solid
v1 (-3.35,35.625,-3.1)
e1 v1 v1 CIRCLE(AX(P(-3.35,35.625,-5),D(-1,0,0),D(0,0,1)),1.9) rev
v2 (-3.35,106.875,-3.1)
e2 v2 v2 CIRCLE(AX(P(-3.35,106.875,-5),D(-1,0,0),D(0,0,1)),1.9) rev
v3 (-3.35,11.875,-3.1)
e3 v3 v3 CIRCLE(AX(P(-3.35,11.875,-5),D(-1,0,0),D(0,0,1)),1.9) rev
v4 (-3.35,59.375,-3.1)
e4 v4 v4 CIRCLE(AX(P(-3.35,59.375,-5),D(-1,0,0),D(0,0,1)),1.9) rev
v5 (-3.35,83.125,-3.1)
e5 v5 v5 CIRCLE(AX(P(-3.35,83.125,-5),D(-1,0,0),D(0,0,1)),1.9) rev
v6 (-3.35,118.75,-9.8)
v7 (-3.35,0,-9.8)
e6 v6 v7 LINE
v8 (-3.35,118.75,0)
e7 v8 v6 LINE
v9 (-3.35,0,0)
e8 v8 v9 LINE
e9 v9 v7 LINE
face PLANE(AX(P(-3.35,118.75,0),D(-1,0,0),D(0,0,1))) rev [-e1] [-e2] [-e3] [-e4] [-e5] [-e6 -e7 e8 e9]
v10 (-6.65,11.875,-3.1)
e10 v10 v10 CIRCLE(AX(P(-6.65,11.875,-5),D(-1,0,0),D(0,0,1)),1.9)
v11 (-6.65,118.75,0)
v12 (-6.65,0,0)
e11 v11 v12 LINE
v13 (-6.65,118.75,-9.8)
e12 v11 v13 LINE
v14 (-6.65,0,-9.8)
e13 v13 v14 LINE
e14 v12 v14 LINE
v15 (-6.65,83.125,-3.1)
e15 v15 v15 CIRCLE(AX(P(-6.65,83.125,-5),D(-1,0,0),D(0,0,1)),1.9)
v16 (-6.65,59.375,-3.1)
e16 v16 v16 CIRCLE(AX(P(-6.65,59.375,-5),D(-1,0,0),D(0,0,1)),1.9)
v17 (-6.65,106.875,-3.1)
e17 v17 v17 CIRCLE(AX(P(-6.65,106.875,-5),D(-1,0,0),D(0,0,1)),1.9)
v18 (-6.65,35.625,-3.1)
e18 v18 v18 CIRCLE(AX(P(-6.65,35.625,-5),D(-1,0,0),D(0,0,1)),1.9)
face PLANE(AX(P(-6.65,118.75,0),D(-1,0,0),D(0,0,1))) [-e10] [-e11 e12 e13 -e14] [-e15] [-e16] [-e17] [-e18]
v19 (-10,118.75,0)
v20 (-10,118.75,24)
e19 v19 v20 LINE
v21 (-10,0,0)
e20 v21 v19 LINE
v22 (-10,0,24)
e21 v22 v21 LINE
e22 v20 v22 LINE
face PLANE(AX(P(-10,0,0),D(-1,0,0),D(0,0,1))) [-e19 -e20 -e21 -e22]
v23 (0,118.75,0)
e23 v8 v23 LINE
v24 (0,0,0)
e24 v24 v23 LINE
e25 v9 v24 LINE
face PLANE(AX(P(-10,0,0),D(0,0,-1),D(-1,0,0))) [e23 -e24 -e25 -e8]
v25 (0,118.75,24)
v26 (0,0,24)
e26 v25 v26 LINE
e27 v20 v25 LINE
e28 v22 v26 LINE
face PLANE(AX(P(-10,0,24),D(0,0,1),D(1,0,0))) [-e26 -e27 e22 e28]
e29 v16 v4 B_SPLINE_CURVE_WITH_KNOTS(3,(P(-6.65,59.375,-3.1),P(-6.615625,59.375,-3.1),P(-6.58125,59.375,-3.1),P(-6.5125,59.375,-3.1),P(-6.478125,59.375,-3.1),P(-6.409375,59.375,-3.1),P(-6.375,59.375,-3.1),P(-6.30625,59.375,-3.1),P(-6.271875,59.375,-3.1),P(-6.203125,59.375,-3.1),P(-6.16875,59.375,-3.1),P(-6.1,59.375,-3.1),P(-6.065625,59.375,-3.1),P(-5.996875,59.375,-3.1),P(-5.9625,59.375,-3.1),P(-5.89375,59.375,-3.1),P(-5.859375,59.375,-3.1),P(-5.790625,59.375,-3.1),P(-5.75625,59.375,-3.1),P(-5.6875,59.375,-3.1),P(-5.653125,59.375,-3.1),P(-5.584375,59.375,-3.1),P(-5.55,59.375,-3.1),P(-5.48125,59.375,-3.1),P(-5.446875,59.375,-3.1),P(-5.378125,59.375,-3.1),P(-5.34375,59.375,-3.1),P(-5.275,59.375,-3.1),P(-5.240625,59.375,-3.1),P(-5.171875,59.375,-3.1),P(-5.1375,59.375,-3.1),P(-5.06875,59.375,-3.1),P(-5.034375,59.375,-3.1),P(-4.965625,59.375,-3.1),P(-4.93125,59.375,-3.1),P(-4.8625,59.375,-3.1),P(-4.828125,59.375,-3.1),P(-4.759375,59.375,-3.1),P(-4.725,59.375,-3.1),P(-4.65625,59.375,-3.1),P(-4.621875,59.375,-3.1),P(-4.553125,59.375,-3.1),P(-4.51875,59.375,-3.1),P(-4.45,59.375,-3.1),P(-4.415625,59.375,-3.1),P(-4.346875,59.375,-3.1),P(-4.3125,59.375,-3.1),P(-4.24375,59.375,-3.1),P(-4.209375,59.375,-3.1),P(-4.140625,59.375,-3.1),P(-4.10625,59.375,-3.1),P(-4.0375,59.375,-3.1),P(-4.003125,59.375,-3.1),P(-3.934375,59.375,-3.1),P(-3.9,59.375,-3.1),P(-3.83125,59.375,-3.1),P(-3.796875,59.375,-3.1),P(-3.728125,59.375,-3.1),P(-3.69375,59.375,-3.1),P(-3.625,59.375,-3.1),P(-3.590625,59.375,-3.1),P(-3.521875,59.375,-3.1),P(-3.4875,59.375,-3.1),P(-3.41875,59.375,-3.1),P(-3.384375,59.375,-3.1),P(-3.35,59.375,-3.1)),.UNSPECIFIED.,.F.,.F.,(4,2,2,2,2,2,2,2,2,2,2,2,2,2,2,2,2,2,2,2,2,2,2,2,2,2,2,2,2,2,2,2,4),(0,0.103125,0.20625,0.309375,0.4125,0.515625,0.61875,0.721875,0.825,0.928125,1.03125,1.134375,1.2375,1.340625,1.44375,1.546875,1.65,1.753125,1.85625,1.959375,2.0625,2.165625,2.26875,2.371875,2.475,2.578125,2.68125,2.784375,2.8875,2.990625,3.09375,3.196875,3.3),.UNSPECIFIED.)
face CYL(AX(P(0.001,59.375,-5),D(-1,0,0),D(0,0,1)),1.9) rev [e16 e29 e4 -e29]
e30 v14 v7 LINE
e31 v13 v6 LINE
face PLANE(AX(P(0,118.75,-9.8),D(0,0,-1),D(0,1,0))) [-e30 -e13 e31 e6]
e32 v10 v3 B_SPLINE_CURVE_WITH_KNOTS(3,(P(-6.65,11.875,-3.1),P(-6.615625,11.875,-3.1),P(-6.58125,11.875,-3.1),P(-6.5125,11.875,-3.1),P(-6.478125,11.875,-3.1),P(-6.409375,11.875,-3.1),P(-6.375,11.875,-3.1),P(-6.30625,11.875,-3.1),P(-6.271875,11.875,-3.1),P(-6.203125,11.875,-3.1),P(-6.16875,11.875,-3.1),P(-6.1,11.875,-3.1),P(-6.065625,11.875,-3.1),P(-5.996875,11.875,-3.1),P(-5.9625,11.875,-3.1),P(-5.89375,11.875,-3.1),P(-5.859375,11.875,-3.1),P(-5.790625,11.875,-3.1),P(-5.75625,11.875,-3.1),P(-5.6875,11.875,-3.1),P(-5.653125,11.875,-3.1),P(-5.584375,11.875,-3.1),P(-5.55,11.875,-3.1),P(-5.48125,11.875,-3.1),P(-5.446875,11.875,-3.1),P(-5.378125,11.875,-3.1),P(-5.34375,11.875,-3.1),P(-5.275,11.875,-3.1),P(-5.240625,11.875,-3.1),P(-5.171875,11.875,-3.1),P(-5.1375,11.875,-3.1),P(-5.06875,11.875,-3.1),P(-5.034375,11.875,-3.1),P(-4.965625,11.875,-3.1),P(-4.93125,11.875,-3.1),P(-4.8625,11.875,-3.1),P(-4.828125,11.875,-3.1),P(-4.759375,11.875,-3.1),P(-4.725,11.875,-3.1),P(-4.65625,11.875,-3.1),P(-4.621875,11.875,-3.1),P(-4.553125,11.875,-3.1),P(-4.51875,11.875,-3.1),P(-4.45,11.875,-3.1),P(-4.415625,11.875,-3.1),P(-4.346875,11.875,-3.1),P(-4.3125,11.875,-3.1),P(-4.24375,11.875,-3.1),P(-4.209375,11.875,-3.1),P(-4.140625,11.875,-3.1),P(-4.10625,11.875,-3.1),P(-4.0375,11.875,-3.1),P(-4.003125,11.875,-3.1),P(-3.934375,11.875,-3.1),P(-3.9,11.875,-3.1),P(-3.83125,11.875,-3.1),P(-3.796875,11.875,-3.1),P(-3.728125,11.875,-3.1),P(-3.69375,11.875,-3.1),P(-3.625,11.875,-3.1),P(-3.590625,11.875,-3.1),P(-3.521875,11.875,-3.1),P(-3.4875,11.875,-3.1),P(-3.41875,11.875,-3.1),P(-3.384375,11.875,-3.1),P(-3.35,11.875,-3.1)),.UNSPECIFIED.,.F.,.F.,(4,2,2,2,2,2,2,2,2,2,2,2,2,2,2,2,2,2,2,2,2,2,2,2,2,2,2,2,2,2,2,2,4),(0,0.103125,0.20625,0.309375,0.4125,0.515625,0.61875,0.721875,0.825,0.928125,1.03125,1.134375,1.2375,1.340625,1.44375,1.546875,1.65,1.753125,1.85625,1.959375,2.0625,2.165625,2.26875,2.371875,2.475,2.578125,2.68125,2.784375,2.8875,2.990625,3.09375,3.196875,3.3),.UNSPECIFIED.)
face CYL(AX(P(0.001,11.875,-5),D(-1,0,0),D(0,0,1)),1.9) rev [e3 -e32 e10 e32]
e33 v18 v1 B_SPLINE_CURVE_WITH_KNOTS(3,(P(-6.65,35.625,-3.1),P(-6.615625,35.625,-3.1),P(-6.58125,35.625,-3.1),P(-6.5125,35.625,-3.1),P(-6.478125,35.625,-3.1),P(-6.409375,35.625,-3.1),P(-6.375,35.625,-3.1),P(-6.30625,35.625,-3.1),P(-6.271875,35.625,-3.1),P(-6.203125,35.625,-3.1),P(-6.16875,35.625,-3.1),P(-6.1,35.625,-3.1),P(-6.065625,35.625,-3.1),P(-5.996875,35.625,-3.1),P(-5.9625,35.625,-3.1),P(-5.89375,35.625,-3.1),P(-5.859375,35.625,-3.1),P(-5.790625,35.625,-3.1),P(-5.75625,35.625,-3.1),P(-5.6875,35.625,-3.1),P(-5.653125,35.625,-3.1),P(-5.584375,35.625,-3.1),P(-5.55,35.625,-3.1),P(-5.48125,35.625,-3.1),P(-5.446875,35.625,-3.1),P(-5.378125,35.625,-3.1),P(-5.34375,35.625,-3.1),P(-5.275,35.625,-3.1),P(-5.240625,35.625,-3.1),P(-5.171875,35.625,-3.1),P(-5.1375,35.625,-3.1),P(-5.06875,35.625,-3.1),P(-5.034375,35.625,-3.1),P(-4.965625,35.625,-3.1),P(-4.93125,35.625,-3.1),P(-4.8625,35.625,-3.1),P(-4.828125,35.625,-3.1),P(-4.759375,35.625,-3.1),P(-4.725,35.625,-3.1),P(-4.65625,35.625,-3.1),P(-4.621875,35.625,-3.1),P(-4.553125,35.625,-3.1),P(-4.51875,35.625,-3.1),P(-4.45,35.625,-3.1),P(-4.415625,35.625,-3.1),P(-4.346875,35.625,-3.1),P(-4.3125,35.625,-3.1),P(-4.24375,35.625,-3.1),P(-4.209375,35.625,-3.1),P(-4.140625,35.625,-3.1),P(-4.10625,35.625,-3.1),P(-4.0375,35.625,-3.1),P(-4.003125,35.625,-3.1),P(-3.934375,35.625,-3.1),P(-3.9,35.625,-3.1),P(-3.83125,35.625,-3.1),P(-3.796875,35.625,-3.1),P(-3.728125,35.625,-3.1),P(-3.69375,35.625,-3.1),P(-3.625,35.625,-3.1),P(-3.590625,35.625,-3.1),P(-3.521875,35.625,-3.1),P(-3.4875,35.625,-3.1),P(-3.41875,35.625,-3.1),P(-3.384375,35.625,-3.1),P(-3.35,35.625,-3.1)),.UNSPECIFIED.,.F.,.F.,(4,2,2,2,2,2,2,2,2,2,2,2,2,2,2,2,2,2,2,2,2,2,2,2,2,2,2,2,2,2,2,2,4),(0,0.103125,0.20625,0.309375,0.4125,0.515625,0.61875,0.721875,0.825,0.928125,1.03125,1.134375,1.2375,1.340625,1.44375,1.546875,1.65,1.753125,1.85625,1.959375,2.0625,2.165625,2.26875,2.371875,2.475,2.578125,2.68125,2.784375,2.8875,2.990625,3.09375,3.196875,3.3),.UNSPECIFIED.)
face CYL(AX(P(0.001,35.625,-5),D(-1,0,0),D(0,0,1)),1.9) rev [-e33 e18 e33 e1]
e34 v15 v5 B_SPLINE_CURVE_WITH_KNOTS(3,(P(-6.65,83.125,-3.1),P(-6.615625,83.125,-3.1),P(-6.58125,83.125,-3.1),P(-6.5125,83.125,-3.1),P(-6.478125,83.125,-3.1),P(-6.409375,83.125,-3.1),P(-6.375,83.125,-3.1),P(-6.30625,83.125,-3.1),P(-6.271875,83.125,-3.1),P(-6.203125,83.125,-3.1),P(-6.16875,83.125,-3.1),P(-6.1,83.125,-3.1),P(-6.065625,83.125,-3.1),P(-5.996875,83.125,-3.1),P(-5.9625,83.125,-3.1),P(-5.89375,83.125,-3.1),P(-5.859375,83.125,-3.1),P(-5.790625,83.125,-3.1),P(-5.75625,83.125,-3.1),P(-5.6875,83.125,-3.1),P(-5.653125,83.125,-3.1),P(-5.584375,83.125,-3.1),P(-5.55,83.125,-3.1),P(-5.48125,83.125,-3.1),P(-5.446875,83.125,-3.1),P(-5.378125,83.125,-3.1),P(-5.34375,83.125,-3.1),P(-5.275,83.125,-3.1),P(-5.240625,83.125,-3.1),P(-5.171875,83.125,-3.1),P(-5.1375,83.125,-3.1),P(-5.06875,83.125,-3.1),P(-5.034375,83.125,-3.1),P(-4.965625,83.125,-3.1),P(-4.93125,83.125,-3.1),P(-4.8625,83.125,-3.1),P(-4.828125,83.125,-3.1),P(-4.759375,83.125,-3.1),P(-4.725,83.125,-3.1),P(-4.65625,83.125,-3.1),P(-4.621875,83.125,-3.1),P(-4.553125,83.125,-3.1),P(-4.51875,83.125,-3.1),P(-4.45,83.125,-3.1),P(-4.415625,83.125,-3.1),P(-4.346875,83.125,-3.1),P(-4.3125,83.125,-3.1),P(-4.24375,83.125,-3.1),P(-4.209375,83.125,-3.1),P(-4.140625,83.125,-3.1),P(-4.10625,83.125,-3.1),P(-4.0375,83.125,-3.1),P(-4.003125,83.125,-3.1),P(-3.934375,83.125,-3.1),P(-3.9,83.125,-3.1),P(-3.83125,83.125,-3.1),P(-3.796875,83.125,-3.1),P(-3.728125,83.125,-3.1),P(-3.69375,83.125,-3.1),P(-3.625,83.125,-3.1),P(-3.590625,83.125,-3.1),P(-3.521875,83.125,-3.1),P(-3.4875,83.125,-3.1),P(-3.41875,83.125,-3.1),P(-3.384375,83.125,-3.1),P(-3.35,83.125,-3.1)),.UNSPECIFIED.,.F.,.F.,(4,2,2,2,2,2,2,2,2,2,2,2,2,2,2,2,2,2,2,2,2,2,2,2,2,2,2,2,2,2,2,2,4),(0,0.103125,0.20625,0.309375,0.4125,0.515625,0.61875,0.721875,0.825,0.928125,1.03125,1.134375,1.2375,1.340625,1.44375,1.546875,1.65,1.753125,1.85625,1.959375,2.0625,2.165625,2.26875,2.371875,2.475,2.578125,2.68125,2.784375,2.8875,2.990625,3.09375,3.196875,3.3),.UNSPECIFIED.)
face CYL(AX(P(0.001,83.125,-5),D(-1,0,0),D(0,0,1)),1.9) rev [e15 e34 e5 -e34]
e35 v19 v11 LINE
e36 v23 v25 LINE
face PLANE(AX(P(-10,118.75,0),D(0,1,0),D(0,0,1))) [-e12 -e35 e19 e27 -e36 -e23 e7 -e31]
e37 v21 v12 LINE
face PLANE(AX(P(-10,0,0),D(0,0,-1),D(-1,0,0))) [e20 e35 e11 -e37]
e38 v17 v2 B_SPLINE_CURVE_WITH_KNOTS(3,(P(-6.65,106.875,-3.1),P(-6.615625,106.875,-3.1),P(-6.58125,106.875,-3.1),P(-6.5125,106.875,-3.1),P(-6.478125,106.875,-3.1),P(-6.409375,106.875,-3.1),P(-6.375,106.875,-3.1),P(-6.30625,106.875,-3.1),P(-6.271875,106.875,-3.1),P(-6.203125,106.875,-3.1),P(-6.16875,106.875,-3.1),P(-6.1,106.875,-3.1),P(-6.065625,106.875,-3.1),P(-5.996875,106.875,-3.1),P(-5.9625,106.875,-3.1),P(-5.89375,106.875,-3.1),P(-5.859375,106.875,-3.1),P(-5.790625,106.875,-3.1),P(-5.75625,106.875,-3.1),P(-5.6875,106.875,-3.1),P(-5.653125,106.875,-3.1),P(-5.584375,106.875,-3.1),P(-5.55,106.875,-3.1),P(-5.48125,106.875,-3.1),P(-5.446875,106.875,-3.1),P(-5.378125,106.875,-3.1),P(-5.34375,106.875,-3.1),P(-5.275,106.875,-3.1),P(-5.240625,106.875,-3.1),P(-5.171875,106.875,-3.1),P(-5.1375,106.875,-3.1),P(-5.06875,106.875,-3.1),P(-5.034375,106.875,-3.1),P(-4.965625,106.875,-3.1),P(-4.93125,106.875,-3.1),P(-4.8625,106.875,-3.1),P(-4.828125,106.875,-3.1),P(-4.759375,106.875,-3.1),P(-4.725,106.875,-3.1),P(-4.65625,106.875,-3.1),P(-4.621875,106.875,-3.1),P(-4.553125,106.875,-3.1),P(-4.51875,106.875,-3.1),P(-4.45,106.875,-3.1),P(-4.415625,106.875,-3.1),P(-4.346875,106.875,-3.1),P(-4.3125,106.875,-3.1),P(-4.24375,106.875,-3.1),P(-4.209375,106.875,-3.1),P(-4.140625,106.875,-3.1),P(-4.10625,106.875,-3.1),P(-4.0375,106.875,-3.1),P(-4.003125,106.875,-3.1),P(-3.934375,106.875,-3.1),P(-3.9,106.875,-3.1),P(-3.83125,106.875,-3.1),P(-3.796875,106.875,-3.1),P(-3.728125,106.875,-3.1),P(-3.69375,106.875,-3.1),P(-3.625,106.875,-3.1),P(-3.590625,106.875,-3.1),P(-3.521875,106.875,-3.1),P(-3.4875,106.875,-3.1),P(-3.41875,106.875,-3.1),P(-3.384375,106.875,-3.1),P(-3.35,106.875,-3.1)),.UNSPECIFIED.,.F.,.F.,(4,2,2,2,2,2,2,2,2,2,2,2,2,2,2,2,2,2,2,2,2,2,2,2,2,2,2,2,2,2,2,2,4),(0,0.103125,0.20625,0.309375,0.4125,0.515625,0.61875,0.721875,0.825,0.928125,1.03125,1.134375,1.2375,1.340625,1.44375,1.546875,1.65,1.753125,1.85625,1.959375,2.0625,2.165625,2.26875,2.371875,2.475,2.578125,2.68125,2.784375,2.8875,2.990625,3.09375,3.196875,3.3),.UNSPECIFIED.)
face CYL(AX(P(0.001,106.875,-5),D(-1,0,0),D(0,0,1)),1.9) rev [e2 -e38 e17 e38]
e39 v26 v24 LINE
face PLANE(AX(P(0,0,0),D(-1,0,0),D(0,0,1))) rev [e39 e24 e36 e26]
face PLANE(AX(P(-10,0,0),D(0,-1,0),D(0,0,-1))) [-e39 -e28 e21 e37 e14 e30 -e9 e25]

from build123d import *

# Parameters (mm, degrees)
SKETCH1_W           = 118.75
SKETCH1_H           = 24
BOSS_EXTRUDE1_DEPTH = 10
SKETCH2_W           = 3.3
SKETCH2_H           = 9.8
BOSS_EXTRUDE2_DEPTH = 118.75
CUT_EXTRUDE1_REACH  = 123.333
SKETCH4_R           = 1.9
LPATTERN1_COUNT     = 5
LPATTERN1_PITCH     = 23.75


with BuildPart() as part:
    # Sketch1 → Boss-Extrude1 (new body)
    with BuildSketch(Plane.YZ):
        with Locations((59.375, 12)):
            Rectangle(SKETCH1_W, SKETCH1_H)
    extrude(amount=-BOSS_EXTRUDE1_DEPTH)

    # Sketch2 → Boss-Extrude2 (add, through all)
    with BuildSketch(Plane.XZ):
        with Locations((-5, -4.9)):
            Rectangle(SKETCH2_W, SKETCH2_H)
    extrude(amount=-BOSS_EXTRUDE2_DEPTH)

    # Sketch4 → Cut-Extrude1 (cut, up to next)
    with BuildSketch(Plane(origin=(-6.65, 0, 0), x_dir=(0, -1, 0), z_dir=(-1, 0, 0)), mode=Mode.PRIVATE) as cut_extrude1_sk1:
        with Locations(Location((-106.875, -5, 0), (0, 0, 90))):
            Circle(SKETCH4_R)
    cut_extrude1_tool1 = extrude(cut_extrude1_sk1.sketch, amount=-CUT_EXTRUDE1_REACH, mode=Mode.PRIVATE) & part.part
    cut_extrude1 = cut_extrude1_tool1.solids().sort_by_distance((-6.65, 106.875, -5))[0]
    add(cut_extrude1, mode=Mode.SUBTRACT)

    # LPattern1: Cut-Extrude1 ×5
    with Locations(*[(0, -i * LPATTERN1_PITCH, 0) for i in range(1, LPATTERN1_COUNT)]):
        add(cut_extrude1, mode=Mode.SUBTRACT)


solid = part.part
